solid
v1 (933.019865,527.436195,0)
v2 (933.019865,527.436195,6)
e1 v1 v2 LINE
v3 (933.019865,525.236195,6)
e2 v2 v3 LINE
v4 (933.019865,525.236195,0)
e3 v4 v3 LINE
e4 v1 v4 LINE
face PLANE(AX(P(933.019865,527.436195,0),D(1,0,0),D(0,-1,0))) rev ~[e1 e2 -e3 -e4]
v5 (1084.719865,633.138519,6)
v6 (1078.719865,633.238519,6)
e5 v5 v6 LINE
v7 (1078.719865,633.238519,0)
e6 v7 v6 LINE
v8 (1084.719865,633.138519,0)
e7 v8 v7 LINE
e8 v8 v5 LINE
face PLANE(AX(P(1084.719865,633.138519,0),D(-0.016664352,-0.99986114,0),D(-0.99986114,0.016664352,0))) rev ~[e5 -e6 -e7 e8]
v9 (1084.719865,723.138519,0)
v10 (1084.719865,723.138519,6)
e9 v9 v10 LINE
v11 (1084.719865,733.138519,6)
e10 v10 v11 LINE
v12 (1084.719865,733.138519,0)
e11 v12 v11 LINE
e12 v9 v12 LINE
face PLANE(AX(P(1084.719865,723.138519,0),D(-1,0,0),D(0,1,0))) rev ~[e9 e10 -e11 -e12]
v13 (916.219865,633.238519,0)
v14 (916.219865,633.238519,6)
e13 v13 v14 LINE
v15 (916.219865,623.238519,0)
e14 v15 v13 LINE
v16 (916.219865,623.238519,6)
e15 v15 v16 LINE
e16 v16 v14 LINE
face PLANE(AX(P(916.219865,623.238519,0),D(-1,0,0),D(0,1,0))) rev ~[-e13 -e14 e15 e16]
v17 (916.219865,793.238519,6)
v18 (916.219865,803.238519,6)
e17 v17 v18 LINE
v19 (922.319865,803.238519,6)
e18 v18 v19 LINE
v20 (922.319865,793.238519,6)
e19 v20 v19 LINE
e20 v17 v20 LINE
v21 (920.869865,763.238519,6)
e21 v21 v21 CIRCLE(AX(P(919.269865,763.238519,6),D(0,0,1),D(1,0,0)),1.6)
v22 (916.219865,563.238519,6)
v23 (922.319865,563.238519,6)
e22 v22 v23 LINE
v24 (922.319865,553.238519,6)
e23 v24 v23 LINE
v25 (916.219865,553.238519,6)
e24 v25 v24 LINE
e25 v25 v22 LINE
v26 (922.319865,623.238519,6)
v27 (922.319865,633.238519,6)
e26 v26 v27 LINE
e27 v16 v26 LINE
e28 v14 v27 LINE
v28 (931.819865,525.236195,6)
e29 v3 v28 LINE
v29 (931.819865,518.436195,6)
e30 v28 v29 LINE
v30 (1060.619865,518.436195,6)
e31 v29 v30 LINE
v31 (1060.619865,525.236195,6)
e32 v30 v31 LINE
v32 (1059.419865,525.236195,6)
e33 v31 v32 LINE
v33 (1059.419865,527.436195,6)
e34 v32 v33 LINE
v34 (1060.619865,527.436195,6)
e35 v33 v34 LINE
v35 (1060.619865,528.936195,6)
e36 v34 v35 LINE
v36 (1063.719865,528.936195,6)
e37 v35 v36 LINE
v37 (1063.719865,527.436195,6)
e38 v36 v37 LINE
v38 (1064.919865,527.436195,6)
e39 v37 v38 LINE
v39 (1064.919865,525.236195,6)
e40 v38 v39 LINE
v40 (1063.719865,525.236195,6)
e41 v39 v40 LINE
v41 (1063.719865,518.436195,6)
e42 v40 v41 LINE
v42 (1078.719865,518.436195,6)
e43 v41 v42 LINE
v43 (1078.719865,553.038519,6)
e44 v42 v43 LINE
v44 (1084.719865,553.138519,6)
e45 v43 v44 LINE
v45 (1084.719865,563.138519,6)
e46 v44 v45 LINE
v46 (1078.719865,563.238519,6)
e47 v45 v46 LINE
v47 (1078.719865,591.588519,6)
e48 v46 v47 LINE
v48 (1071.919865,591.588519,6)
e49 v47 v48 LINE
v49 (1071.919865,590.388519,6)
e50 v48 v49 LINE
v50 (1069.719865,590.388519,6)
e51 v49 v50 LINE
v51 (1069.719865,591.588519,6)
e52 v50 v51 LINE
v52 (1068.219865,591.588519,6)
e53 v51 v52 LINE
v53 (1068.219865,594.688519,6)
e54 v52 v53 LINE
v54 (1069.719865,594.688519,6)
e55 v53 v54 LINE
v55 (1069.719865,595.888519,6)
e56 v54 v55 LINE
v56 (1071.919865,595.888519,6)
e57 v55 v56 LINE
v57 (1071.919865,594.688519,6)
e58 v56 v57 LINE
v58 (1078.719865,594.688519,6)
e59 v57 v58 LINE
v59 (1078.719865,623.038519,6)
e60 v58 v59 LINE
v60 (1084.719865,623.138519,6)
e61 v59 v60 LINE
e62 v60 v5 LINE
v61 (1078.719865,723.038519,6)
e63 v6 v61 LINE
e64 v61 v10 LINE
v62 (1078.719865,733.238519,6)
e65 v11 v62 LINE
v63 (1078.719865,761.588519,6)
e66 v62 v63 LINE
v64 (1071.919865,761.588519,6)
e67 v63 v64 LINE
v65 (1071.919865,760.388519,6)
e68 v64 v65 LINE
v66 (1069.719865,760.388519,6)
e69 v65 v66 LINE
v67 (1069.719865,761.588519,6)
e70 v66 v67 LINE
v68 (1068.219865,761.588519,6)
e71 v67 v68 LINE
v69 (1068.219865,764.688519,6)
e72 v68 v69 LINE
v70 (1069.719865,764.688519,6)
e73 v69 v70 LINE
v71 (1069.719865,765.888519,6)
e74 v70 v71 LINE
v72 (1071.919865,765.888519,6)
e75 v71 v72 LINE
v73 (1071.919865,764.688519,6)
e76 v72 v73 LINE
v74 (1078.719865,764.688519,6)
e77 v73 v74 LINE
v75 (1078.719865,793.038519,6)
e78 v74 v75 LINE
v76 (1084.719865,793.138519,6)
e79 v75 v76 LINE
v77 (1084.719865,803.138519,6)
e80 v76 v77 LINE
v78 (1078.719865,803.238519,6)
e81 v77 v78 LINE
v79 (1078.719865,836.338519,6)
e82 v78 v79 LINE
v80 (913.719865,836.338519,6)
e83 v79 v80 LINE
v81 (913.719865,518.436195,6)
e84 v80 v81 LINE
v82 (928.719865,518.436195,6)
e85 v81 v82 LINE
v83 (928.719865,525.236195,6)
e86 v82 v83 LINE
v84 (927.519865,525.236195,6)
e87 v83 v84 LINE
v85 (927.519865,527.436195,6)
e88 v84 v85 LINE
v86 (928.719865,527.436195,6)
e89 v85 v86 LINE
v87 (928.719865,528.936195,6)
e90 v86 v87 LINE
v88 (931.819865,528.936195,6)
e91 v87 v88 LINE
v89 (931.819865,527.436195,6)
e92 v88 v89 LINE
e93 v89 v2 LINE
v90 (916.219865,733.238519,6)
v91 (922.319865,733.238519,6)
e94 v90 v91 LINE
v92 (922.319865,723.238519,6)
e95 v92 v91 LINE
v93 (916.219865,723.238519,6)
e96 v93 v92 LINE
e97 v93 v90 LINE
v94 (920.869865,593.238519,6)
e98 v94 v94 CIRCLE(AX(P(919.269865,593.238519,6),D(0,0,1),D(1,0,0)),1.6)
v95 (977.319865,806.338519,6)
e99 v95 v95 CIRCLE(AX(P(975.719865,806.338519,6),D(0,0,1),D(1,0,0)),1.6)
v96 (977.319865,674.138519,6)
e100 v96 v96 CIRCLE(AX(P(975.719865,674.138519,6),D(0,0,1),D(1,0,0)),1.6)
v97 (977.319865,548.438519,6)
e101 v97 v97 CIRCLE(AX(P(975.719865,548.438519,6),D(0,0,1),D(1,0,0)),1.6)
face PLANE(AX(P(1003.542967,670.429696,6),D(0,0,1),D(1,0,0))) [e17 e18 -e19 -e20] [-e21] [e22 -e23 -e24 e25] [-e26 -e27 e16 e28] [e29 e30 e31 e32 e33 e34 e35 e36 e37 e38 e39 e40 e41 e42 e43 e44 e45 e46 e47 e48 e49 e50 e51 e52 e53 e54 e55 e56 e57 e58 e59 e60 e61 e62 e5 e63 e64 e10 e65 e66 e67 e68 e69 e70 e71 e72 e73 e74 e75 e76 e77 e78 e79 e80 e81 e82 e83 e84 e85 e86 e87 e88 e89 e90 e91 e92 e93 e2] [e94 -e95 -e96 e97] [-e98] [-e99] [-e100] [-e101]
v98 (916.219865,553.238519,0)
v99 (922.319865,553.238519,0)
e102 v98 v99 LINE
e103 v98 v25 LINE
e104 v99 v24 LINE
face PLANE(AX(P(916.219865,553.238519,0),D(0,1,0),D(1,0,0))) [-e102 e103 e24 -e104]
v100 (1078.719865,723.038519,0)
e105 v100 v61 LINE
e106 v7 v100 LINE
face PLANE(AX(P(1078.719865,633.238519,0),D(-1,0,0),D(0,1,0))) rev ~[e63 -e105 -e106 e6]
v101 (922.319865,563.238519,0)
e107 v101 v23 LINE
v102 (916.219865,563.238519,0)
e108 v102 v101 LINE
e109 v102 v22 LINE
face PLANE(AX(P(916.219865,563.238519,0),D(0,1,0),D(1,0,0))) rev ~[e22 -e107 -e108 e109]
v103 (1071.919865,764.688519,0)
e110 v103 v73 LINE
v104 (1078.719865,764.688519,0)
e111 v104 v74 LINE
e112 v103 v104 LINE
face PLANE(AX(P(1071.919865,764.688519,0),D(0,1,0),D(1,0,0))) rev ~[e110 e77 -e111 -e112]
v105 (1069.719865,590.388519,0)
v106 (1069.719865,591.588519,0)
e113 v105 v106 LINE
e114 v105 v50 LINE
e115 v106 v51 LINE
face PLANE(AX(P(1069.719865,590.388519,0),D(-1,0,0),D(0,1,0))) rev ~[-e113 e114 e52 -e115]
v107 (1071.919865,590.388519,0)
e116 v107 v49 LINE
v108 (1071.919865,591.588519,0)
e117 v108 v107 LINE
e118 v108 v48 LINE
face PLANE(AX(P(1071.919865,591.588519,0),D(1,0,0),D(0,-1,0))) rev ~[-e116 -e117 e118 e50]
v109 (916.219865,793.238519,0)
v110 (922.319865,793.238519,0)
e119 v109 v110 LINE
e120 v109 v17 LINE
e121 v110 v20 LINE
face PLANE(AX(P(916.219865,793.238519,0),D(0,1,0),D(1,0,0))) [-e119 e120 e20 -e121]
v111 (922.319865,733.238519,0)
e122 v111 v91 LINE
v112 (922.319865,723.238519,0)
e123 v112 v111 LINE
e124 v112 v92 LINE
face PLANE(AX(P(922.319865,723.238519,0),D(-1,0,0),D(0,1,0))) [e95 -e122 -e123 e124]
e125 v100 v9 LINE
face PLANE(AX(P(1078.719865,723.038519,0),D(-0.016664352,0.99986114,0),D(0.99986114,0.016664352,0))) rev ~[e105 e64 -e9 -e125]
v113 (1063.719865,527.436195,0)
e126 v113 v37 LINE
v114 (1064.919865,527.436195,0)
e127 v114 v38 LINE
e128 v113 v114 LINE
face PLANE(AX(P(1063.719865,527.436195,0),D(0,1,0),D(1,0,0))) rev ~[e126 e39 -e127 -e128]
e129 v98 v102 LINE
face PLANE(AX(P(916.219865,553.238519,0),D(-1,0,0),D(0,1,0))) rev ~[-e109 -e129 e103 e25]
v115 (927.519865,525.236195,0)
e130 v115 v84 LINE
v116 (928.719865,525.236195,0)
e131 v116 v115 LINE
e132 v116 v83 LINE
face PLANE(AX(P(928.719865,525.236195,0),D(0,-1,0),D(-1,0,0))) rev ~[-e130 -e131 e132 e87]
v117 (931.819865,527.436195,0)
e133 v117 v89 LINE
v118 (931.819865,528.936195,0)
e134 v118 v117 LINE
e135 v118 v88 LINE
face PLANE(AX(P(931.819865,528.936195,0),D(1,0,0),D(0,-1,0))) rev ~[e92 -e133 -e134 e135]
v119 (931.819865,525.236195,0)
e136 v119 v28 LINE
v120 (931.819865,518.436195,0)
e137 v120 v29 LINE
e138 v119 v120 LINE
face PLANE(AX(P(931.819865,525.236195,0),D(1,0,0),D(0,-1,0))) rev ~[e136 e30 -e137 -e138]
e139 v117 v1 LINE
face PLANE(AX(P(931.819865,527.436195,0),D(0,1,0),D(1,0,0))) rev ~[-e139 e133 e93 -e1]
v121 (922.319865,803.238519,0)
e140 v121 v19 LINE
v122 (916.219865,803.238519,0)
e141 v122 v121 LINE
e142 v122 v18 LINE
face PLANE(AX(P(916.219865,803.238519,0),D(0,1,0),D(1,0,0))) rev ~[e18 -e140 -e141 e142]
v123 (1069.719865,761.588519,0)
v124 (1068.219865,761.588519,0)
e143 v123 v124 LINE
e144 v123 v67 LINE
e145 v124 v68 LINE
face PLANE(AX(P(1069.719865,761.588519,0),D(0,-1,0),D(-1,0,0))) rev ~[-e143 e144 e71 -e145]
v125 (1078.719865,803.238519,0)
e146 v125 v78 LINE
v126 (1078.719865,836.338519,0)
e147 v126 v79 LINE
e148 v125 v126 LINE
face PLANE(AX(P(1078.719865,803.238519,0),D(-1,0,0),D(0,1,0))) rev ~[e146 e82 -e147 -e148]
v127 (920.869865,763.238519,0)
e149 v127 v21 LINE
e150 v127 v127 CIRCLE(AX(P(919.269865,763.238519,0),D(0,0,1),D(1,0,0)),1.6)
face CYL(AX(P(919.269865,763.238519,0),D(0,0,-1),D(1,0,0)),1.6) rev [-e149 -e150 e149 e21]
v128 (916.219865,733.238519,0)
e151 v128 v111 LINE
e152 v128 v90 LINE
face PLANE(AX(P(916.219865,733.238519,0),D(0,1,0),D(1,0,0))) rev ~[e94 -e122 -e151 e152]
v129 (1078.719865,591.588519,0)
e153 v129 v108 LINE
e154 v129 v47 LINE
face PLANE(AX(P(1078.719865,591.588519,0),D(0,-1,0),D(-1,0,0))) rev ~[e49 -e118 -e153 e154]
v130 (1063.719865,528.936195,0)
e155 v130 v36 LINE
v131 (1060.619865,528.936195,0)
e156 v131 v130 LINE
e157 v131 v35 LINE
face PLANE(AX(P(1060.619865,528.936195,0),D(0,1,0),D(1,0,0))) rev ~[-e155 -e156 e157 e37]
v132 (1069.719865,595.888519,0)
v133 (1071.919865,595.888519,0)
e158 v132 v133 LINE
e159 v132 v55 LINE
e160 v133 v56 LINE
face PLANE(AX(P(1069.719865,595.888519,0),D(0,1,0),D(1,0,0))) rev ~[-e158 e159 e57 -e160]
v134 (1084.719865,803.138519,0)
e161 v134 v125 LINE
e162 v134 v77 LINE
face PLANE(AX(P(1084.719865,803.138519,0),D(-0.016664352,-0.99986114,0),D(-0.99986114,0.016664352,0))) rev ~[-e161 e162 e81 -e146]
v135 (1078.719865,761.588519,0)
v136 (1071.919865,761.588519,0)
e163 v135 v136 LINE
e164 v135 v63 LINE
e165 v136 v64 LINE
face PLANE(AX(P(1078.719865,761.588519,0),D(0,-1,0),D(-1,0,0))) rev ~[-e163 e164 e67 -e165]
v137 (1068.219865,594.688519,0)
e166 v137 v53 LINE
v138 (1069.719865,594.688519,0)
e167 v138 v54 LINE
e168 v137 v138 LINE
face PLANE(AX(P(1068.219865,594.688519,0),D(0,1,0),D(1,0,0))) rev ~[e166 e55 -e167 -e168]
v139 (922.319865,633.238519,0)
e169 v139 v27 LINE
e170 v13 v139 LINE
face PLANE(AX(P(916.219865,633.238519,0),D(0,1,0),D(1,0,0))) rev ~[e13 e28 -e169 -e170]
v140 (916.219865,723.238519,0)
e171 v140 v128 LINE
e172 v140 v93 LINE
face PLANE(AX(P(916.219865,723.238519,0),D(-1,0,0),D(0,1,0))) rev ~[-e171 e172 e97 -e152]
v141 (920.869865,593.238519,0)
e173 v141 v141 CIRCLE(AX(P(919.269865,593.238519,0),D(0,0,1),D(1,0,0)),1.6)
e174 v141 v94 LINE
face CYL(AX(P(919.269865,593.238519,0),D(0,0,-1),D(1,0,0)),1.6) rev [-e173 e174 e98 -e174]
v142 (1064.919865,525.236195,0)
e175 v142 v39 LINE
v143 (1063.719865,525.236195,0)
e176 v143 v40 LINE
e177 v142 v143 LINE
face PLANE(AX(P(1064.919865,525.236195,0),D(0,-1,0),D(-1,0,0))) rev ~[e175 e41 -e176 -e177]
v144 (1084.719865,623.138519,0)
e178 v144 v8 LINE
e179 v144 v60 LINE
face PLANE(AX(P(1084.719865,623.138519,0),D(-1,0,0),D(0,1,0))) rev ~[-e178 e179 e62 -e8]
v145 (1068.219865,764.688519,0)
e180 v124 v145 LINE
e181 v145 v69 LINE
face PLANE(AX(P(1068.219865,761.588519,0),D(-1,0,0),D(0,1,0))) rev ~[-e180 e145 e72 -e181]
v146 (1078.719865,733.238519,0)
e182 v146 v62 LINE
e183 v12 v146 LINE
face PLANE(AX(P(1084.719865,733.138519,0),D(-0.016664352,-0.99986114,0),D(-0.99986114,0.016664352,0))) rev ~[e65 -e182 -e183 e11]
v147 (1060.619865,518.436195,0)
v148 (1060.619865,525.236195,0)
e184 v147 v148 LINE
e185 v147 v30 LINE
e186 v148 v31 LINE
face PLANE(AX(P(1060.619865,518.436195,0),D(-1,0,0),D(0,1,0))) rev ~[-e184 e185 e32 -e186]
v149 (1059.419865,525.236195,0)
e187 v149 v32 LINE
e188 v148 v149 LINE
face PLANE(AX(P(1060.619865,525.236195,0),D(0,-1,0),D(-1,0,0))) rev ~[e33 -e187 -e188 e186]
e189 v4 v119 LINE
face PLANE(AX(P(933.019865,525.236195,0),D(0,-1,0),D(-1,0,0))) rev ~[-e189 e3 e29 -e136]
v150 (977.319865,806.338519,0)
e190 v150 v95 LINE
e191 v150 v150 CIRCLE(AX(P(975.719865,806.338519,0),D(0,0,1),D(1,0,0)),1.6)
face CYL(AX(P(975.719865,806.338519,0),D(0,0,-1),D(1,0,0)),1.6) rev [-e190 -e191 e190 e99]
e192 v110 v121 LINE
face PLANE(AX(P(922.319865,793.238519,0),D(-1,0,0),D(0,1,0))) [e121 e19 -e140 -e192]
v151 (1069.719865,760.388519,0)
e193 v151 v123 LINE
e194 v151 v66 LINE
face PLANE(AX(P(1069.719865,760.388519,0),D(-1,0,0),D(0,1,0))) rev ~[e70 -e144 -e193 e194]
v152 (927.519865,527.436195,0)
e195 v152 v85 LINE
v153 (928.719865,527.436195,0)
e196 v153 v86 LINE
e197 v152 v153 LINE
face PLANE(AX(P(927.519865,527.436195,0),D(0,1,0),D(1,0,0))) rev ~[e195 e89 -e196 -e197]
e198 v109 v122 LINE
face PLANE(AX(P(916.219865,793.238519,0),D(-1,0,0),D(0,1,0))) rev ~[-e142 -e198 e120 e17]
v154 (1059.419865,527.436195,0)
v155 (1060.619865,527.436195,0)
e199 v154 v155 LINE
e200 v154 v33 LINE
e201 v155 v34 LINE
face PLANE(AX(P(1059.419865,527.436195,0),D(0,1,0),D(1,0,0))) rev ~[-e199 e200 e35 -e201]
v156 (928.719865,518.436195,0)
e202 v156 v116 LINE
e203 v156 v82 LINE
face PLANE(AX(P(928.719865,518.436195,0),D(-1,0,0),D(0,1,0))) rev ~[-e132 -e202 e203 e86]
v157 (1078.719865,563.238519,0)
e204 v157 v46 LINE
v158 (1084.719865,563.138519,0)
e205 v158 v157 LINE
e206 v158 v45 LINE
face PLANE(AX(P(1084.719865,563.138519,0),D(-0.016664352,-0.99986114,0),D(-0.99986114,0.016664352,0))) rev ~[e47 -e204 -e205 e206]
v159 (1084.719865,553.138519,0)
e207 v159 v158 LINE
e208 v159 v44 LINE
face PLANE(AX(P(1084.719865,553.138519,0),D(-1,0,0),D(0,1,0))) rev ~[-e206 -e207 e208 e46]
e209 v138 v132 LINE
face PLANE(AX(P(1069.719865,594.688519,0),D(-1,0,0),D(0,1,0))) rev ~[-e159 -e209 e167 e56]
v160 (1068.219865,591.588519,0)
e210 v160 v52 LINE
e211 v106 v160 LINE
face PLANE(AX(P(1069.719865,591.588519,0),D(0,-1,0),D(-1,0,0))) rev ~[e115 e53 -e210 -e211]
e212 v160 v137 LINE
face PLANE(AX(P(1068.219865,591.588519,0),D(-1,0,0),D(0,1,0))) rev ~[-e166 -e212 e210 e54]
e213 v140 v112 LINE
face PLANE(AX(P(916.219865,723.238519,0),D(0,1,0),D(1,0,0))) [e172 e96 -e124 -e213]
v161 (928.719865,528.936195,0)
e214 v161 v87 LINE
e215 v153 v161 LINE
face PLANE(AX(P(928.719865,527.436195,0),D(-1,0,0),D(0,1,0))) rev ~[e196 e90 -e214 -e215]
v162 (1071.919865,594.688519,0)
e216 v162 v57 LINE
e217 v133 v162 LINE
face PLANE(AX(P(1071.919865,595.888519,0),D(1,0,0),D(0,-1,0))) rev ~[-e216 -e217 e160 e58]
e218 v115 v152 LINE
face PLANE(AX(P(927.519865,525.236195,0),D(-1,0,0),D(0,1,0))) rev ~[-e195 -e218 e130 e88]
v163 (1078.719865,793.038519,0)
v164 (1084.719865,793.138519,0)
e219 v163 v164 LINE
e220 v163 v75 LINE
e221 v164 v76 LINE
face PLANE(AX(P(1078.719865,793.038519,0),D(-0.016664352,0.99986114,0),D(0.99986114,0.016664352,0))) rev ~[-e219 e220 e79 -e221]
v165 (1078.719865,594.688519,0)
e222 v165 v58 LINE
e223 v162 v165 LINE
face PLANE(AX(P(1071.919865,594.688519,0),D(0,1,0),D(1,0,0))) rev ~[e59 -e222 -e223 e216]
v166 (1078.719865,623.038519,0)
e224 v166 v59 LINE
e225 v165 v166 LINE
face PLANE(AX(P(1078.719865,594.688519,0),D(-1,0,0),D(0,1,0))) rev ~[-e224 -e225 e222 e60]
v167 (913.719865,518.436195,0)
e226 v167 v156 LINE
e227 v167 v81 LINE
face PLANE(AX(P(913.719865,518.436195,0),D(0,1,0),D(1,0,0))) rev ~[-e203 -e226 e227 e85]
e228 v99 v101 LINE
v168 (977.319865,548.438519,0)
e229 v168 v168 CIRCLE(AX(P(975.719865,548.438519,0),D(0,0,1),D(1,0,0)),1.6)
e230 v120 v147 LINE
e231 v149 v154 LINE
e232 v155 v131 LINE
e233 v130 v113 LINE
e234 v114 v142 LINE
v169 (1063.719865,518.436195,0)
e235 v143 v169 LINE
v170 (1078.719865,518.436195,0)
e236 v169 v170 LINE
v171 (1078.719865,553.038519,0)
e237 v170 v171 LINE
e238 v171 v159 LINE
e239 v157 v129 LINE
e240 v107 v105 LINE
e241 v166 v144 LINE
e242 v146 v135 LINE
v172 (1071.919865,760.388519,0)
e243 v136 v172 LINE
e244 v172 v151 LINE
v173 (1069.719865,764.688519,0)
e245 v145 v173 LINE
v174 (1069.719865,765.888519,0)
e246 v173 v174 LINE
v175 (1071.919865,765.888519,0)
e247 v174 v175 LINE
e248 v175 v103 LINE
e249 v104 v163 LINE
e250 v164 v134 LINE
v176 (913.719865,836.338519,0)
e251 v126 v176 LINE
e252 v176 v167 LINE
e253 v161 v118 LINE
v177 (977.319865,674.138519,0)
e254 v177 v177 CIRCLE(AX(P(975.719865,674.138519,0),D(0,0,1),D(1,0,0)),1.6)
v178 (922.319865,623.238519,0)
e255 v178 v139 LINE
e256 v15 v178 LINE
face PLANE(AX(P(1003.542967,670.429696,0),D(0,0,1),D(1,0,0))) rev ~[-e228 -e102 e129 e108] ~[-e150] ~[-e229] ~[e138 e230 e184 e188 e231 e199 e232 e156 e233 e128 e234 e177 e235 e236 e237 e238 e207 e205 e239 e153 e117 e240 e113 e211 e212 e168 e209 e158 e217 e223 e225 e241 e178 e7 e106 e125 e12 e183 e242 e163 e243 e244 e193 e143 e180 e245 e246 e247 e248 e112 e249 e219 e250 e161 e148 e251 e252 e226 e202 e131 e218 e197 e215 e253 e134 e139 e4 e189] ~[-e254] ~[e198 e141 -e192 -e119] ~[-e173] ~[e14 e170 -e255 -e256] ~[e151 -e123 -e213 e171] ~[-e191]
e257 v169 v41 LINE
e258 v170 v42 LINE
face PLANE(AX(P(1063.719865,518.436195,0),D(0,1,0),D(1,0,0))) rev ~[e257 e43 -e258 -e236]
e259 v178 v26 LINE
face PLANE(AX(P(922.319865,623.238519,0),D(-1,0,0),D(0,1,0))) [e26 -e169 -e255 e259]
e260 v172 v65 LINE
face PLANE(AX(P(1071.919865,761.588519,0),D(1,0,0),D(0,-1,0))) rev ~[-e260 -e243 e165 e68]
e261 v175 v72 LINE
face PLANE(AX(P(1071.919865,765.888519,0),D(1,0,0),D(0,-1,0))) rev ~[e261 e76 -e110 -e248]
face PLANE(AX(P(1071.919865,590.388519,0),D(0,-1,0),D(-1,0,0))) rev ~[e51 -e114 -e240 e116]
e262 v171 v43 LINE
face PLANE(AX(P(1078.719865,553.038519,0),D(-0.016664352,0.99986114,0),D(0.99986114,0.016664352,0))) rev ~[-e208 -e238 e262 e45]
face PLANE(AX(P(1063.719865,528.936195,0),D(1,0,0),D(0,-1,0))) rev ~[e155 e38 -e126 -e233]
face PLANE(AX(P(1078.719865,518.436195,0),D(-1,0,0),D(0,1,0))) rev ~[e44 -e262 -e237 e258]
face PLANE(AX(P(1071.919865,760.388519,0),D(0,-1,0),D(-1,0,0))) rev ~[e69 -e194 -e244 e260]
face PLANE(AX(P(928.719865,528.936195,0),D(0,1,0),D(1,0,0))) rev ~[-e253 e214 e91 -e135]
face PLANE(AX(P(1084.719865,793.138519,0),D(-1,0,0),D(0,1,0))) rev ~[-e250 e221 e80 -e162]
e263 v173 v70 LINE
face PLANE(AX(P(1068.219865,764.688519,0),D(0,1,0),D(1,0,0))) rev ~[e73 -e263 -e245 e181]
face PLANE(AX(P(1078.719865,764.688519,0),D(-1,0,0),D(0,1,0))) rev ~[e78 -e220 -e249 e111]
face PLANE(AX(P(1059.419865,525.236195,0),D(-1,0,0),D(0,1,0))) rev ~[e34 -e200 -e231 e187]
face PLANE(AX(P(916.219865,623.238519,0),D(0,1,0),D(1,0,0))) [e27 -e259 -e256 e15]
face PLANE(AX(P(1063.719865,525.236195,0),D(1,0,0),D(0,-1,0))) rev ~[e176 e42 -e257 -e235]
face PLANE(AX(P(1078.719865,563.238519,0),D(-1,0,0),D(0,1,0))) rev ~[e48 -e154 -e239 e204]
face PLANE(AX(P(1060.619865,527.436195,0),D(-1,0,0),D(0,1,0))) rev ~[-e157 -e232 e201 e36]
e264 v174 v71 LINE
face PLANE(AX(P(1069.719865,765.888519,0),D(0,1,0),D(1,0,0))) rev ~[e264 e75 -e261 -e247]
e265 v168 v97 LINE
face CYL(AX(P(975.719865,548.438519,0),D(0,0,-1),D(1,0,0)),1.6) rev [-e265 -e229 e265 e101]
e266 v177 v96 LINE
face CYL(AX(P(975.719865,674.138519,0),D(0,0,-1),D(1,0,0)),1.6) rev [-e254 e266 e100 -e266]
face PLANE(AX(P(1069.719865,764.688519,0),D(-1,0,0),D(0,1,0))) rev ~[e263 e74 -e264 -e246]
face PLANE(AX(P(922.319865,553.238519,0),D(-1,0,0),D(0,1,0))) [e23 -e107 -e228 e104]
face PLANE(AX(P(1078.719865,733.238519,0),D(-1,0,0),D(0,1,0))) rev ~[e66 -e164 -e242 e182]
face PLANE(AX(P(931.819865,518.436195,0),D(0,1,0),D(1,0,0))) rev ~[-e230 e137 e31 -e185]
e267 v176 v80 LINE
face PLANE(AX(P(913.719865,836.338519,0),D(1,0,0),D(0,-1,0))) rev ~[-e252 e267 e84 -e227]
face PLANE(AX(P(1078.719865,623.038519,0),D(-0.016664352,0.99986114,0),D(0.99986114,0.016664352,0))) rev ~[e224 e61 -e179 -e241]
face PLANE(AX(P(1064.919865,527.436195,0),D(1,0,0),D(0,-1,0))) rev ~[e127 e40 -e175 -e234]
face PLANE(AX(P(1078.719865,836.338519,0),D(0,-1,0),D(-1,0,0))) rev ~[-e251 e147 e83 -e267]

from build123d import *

# Parameters (mm, degrees)
SKETCH_1_R      = 1.6
SKETCH_1_W      = 6.1
SKETCH_1_H      = 10
EXTRUDE_1_DEPTH = 6


with BuildPart() as part:
    # Эскиз1 → Бобышка-Вытянуть1 (new body)
    with BuildSketch(Plane.XY):
        Polygon((1078.719864828, 623.038519), (1084.719864828, 623.138519), (1084.719864828, 633.138519), (1078.719864828, 633.238519), (1078.719864828, 723.038519), (1084.719864828, 723.138519), (1084.719864828, 733.138519), (1078.719864828, 733.238519), (1078.719864828, 761.588519), (1071.919864828, 761.588519), (1071.919864828, 760.388519), (1069.719864828, 760.388519), (1069.719864828, 761.588519), (1068.219864828, 761.588519), (1068.219864828, 764.688519), (1069.719864828, 764.688519), (1069.719864828, 765.888519), (1071.919864828, 765.888519), (1071.919864828, 764.688519), (1078.719864828, 764.688519), (1078.719864828, 793.038519), (1084.719864828, 793.138519), (1084.719864828, 803.138519), (1078.719864828, 803.238519), (1078.719864828, 836.338519), (978.719864828, 836.338519), (913.719864828, 836.338519), (913.719864828, 518.436195), (928.719864828, 518.436195), (928.719864828, 525.236195), (927.519864828, 525.236195), (927.519864828, 527.436195), (928.719864828, 527.436195), (928.719864828, 528.936195), (931.819864828, 528.936195), (931.819864828, 527.436195), (933.019864828, 527.436195), (933.019864828, 525.236195), (931.819864828, 525.236195), (931.819864828, 518.436195), (978.719864828, 518.436195), (1060.619864828, 518.436195), (1060.619864828, 525.236195), (1059.419864828, 525.236195), (1059.419864828, 527.436195), (1060.619864828, 527.436195), (1060.619864828, 528.936195), (1063.719864828, 528.936195), (1063.719864828, 527.436195), (1064.919864828, 527.436195), (1064.919864828, 525.236195), (1063.719864828, 525.236195), (1063.719864828, 518.436195), (1078.719864828, 518.436195), (1078.719864828, 553.038519), (1084.719864828, 553.138519), (1084.719864828, 563.138519), (1078.719864828, 563.238519), (1078.719864828, 591.588519), (1071.919864828, 591.588519), (1071.919864828, 590.388519), (1069.719864828, 590.388519), (1069.719864828, 591.588519), (1068.219864828, 591.588519), (1068.219864828, 594.688519), (1069.719864828, 594.688519), (1069.719864828, 595.888519), (1071.919864828, 595.888519), (1071.919864828, 594.688519), (1078.719864828, 594.688519), align=None)
        with Locations((919.269864828, 593.238519)):
            Circle(SKETCH_1_R, mode=Mode.SUBTRACT)
        with Locations((919.269864828, 763.238519)):
            Circle(SKETCH_1_R, mode=Mode.SUBTRACT)
        with Locations((975.719864828, 806.338519)):
            Circle(SKETCH_1_R, mode=Mode.SUBTRACT)
        with Locations((975.719864828, 674.138519)):
            Circle(SKETCH_1_R, mode=Mode.SUBTRACT)
        with Locations((975.719864828, 548.438519)):
            Circle(SKETCH_1_R, mode=Mode.SUBTRACT)
        with Locations((919.269864828, 558.238519)):
            Rectangle(SKETCH_1_W, SKETCH_1_H, mode=Mode.SUBTRACT)
        with Locations((919.269864828, 628.238519)):
            Rectangle(SKETCH_1_W, SKETCH_1_H, mode=Mode.SUBTRACT)
        with Locations((919.269864828, 728.238519)):
            Rectangle(SKETCH_1_W, SKETCH_1_H, mode=Mode.SUBTRACT)
        with Locations((919.269864828, 798.238519)):
            Rectangle(SKETCH_1_W, SKETCH_1_H, mode=Mode.SUBTRACT)
    extrude(amount=EXTRUDE_1_DEPTH)


solid = part.part
